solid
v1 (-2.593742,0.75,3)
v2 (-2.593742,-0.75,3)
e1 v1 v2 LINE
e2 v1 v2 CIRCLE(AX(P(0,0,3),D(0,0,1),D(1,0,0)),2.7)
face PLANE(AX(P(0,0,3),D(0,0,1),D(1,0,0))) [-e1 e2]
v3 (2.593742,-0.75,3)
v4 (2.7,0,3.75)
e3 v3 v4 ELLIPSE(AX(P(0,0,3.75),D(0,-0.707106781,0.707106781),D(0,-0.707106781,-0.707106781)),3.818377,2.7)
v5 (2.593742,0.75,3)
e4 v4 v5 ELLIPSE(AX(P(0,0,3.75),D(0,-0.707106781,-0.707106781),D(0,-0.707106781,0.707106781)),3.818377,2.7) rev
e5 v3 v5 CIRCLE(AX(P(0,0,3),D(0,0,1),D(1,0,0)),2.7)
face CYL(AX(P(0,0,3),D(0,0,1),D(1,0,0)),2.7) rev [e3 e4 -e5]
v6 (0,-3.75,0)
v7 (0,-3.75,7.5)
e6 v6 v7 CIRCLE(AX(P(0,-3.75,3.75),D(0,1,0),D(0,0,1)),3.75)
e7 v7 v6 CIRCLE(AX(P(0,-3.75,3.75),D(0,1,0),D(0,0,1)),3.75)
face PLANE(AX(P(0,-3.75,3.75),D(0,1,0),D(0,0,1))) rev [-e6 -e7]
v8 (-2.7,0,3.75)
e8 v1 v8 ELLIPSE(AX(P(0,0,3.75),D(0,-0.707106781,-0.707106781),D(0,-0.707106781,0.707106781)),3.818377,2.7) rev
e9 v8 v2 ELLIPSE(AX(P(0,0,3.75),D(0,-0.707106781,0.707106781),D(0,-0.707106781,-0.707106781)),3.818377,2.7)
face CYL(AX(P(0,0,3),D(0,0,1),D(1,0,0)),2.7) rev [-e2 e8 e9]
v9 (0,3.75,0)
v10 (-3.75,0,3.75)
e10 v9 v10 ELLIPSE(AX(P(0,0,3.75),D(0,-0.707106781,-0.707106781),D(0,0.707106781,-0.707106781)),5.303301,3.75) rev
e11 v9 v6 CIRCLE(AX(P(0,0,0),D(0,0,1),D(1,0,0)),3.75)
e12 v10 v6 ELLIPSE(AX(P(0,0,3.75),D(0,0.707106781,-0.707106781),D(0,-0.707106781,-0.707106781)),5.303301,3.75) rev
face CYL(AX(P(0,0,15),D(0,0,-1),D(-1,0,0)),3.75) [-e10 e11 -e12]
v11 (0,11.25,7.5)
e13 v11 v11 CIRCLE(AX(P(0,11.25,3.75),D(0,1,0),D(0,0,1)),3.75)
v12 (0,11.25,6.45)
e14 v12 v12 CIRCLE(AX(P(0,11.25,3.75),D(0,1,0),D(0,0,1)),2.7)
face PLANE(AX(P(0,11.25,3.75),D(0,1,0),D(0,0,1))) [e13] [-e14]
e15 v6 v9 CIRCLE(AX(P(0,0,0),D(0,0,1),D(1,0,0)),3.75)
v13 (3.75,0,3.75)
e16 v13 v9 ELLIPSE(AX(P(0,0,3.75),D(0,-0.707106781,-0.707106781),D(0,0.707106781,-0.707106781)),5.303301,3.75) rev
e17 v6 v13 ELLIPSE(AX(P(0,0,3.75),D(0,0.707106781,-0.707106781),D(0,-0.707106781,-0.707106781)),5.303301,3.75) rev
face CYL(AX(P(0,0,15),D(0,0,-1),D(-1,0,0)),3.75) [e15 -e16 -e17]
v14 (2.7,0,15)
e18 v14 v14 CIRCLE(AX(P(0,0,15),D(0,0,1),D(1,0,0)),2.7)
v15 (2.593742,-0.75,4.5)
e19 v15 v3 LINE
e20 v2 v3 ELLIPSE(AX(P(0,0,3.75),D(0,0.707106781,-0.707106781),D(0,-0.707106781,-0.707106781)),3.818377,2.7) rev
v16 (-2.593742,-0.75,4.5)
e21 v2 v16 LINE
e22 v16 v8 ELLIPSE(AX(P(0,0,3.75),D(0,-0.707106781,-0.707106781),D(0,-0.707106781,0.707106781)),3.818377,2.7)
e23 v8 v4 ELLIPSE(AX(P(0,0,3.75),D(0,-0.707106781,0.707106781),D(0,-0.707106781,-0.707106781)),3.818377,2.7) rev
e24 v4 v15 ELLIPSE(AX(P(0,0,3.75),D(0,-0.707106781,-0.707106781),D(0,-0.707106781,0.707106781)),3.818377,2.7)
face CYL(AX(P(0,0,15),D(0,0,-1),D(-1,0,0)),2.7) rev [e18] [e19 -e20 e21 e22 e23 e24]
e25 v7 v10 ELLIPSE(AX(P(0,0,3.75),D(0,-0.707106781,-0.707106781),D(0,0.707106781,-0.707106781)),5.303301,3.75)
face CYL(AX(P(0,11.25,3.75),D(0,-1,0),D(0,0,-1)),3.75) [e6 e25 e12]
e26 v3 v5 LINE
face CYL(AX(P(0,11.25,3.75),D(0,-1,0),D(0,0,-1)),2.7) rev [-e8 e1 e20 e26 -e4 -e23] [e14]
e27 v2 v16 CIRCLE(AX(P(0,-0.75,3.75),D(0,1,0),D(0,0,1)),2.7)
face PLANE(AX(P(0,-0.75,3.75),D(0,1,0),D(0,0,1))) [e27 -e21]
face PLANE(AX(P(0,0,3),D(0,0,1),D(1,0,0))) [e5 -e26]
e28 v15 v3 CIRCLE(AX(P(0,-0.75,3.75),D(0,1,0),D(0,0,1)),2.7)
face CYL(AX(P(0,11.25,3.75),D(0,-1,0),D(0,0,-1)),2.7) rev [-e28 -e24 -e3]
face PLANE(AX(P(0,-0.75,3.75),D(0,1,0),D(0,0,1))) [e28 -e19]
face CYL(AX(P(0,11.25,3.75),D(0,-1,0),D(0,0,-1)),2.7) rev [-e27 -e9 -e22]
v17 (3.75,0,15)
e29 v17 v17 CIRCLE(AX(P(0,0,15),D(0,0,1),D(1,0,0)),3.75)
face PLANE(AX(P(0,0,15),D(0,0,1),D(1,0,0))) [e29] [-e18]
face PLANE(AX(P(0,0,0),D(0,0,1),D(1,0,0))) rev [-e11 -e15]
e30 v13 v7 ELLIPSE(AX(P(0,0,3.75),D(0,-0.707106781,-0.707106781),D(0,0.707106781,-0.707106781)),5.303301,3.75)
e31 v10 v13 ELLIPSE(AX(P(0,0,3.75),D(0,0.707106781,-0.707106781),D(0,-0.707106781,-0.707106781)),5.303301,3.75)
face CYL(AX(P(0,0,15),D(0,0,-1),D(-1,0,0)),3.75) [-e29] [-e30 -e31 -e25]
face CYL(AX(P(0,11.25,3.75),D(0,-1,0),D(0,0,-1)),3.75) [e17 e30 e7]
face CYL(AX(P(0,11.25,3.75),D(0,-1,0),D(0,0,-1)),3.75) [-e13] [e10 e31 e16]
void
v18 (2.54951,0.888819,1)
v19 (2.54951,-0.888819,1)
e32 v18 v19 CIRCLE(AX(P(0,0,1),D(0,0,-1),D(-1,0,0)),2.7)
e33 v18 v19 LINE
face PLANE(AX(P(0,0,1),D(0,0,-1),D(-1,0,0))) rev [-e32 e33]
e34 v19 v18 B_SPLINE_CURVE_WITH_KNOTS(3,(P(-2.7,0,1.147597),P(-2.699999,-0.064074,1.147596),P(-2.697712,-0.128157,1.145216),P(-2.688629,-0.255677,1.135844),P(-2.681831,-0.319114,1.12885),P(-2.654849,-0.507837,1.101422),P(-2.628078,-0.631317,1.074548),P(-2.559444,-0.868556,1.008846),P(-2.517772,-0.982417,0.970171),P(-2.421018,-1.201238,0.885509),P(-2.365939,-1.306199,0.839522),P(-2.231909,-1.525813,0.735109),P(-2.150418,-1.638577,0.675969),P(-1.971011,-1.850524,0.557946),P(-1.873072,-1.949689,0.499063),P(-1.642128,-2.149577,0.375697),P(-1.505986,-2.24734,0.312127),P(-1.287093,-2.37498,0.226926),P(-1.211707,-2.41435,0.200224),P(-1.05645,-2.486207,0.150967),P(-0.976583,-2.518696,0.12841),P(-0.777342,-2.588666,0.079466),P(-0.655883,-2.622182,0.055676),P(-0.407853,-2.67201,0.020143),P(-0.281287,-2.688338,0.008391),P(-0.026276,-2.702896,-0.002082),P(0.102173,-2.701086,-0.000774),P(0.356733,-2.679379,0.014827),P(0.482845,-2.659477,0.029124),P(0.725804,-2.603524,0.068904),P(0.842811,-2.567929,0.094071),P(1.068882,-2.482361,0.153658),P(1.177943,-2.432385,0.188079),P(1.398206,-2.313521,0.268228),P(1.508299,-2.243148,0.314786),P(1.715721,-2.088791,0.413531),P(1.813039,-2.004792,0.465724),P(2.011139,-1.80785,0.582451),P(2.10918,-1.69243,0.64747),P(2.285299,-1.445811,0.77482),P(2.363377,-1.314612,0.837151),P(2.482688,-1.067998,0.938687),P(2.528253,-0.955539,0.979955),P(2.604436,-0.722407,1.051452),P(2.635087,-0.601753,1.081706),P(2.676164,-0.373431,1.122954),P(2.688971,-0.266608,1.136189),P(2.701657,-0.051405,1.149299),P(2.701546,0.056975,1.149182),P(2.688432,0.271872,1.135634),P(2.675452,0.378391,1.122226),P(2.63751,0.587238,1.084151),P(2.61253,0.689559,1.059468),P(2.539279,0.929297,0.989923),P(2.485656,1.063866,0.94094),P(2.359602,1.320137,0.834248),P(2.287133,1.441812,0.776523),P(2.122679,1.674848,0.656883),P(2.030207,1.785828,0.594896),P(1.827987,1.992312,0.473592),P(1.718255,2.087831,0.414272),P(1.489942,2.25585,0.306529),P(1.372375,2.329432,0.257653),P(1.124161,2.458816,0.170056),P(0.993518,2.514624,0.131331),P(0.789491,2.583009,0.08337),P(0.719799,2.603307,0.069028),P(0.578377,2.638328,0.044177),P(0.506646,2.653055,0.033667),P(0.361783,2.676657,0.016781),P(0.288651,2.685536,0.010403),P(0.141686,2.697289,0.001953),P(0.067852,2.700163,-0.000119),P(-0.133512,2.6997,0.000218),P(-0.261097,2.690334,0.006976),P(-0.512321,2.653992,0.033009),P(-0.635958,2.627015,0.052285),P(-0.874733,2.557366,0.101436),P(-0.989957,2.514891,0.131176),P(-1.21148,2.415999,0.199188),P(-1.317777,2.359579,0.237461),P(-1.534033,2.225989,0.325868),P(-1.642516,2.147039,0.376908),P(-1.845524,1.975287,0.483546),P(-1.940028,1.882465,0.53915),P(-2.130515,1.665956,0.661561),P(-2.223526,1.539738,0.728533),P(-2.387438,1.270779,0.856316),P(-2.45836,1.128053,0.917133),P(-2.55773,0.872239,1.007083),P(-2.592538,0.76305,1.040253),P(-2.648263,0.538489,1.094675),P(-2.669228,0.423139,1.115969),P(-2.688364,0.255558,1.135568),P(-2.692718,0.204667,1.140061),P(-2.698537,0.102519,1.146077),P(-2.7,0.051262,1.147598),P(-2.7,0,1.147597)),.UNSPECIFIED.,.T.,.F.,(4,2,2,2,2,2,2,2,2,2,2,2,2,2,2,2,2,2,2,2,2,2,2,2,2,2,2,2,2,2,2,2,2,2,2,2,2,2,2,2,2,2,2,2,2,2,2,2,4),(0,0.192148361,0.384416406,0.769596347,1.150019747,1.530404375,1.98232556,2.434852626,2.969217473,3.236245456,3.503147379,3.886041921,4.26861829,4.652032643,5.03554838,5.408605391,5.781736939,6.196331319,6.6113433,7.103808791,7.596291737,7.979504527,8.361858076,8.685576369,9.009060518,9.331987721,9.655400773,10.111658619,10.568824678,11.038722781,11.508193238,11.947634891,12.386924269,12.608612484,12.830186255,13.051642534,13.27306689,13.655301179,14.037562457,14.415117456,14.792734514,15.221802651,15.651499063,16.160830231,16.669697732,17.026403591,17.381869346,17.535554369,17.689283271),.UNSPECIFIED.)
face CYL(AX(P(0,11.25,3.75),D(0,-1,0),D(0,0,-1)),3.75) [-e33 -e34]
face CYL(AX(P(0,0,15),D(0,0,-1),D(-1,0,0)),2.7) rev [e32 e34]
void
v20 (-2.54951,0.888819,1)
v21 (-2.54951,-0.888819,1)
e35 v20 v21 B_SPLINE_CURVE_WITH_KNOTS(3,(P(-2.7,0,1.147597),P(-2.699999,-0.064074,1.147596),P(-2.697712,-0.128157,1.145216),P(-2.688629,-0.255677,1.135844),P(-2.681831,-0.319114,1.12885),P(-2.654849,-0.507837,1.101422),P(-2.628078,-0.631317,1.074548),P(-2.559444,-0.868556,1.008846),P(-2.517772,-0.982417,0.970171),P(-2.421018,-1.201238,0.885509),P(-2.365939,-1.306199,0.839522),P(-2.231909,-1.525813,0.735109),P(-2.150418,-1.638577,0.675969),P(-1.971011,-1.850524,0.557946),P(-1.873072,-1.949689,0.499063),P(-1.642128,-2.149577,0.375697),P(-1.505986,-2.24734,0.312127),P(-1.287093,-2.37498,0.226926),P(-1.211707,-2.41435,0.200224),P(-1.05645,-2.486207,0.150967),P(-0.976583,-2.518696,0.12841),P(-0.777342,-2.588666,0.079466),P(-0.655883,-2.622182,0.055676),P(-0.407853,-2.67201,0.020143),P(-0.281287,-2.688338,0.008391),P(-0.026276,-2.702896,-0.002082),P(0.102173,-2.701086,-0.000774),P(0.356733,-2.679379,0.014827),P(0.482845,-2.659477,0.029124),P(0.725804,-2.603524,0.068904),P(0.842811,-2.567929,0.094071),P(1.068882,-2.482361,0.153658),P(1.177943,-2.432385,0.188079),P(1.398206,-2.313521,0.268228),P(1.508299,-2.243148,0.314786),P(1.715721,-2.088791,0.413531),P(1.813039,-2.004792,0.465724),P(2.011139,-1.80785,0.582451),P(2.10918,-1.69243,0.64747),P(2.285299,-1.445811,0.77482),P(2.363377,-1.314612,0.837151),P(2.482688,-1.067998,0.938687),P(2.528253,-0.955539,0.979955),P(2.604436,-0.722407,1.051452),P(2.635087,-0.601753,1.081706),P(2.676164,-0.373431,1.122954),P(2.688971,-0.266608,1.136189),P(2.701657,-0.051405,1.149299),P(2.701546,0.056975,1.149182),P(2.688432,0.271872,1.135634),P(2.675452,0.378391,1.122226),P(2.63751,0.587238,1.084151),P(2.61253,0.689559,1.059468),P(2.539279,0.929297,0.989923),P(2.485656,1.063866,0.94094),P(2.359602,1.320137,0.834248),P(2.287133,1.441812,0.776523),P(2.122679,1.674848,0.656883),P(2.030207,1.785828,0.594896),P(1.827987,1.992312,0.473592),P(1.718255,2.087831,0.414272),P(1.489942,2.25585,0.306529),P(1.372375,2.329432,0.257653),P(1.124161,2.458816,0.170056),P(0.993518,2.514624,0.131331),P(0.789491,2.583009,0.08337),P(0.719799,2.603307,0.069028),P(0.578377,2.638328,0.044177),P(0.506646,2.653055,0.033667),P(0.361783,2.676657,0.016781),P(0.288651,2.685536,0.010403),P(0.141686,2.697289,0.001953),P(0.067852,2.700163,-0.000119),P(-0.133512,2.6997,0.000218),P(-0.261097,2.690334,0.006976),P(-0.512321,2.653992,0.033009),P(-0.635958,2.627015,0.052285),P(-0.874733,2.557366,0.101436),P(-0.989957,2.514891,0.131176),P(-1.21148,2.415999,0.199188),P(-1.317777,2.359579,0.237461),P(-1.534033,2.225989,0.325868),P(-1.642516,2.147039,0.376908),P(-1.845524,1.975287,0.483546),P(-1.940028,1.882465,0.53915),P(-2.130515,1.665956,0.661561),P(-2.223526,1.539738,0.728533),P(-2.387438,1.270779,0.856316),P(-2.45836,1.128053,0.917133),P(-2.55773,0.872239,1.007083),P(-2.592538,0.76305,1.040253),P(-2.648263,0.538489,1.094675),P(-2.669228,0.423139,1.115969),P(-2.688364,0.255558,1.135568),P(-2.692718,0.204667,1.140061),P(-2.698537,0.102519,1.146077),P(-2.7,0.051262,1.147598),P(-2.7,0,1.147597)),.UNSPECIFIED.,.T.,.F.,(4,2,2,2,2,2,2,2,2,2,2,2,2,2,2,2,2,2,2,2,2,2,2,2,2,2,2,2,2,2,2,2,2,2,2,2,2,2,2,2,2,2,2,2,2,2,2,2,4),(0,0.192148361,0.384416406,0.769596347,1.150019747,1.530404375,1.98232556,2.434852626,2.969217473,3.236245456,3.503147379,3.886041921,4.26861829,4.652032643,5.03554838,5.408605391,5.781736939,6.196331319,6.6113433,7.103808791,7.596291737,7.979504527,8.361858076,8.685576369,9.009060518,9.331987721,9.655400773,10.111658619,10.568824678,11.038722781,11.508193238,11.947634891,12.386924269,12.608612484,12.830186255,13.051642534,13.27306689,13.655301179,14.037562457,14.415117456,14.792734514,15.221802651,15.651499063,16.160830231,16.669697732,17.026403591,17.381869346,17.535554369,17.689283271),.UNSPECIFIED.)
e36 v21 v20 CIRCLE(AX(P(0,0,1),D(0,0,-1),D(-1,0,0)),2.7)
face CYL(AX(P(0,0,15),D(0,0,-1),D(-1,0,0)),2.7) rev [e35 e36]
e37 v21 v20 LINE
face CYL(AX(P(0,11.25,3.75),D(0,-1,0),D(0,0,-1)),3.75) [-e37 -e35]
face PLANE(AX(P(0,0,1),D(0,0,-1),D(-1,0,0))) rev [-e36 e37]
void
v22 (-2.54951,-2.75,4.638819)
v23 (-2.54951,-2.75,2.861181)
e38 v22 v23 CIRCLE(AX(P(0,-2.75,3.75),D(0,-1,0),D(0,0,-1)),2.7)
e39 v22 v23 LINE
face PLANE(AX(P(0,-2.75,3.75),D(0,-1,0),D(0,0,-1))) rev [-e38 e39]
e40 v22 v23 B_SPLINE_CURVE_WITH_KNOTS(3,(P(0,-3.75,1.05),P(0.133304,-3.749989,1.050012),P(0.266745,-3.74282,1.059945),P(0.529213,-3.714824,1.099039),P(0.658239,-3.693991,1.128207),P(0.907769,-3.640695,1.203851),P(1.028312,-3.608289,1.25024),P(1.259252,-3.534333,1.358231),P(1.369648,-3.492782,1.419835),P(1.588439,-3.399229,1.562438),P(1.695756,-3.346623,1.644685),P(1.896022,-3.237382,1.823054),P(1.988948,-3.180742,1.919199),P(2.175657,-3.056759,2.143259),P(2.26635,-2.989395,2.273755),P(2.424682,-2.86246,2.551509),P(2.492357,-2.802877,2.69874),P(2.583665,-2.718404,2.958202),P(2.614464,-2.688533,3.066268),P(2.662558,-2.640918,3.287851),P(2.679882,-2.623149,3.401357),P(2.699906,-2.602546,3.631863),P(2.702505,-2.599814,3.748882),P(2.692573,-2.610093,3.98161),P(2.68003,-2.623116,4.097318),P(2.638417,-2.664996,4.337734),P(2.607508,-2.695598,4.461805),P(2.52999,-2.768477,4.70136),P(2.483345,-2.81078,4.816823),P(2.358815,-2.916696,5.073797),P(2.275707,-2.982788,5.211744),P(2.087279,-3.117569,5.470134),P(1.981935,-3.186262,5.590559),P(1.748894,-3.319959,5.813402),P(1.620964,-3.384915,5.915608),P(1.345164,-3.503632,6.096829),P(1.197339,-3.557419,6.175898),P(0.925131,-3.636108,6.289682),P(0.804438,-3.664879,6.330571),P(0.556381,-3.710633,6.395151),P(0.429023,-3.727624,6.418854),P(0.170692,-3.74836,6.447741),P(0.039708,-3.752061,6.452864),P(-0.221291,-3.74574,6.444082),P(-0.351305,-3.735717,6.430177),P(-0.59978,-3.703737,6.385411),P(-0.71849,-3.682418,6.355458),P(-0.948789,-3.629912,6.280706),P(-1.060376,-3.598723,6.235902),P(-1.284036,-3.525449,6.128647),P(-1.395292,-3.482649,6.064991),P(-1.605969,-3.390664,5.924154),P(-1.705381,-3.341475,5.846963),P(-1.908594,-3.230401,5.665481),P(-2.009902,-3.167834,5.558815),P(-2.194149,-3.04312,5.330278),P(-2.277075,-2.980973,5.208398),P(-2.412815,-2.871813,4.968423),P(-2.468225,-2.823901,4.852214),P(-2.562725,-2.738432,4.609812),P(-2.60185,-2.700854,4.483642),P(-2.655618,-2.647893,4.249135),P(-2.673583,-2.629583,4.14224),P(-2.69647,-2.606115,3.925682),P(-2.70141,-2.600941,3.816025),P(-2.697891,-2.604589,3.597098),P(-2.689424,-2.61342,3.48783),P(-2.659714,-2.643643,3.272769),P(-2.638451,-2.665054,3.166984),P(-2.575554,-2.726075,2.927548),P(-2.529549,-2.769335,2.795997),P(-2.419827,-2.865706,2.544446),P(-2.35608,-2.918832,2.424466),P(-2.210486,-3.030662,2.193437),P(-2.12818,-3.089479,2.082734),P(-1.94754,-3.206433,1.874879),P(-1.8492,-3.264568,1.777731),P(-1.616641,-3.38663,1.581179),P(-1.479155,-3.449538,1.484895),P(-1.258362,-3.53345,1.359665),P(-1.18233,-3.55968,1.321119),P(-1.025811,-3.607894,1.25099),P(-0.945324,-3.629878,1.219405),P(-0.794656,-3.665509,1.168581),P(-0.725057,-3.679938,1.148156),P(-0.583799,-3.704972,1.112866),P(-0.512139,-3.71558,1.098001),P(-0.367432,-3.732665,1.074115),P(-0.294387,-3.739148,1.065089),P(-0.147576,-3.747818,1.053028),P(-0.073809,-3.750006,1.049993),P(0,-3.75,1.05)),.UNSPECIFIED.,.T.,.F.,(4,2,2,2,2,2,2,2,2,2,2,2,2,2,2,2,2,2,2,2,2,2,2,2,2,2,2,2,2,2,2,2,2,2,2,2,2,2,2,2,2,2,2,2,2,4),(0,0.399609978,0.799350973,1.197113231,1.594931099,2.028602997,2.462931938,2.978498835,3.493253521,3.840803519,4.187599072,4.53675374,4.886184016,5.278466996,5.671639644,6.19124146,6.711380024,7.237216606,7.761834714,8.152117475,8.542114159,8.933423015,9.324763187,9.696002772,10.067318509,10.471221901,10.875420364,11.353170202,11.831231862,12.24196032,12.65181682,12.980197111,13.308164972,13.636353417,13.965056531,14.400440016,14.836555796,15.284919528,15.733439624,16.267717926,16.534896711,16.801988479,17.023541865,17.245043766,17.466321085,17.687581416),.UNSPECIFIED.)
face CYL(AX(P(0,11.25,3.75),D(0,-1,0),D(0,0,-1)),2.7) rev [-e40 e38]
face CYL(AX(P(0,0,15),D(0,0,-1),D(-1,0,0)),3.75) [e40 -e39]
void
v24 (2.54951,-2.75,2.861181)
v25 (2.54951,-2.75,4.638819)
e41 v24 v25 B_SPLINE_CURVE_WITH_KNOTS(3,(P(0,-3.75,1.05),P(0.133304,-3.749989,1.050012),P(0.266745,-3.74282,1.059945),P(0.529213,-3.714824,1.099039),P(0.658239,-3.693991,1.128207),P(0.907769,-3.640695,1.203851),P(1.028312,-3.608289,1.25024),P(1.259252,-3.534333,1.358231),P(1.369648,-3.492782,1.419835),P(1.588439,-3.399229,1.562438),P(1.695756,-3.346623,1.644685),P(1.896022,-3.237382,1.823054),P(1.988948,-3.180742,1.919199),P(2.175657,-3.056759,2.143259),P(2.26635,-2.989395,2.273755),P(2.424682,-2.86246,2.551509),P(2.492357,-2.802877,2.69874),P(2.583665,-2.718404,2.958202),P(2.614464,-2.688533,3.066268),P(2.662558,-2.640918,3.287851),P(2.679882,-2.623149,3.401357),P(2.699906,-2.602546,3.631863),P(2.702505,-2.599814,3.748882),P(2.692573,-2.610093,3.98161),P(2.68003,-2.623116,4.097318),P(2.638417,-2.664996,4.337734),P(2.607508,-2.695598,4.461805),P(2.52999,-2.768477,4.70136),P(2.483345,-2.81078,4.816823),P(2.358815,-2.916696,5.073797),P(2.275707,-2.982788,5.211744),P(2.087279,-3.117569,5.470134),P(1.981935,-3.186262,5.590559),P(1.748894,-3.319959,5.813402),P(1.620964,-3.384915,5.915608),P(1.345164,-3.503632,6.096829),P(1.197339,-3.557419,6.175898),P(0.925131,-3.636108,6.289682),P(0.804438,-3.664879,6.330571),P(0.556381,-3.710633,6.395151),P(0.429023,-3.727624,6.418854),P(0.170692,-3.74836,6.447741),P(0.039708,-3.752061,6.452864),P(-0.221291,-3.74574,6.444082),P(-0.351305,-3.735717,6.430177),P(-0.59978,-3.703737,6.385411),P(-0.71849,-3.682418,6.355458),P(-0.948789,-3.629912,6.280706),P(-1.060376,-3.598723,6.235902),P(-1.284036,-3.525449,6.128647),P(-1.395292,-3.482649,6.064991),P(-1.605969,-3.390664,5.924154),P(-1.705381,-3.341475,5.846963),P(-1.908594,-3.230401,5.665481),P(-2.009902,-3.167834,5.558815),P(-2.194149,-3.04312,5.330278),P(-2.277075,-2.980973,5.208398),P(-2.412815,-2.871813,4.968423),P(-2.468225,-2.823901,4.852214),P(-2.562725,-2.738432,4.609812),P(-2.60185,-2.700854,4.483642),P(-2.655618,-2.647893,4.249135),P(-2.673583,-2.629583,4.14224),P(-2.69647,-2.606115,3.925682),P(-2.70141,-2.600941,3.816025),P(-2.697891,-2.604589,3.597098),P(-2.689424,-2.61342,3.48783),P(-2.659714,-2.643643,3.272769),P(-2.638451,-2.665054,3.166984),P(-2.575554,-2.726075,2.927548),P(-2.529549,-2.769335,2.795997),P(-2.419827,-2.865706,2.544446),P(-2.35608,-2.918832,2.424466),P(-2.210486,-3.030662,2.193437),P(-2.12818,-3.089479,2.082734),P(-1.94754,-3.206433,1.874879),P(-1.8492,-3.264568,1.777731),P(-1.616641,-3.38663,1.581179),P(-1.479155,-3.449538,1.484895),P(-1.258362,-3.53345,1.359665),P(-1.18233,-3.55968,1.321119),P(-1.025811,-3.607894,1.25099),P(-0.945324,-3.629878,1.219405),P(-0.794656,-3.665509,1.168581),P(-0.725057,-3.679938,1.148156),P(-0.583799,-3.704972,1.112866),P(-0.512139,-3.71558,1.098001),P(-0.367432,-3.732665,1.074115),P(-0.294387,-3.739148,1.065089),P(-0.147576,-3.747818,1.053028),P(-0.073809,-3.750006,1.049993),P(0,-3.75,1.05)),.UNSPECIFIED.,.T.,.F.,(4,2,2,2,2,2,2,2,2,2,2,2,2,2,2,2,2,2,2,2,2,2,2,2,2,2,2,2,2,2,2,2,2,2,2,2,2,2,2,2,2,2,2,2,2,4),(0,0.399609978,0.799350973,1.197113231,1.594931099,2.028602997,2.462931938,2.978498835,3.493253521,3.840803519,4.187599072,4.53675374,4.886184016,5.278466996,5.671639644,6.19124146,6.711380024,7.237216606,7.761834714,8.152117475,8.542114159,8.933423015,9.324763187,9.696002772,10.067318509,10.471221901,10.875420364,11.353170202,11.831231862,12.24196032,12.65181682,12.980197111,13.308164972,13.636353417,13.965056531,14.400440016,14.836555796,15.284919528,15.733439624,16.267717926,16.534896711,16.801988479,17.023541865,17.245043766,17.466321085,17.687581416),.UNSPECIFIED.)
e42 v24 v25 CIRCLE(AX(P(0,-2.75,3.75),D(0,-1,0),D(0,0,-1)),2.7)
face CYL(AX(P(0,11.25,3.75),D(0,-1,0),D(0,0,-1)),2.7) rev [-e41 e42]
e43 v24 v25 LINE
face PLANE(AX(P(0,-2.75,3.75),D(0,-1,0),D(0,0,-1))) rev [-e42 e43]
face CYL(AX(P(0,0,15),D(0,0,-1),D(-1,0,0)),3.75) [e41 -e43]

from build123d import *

# Parameters (mm, degrees)
SKETCH1_R            = 3.75
SKETCH1_R_2          = 2.7
BOSS_EXTRUDE1_DEPTH  = 15
BOSS_EXTRUDE7_START  = -3.75
SKETCH4_R            = 3.75
SKETCH4_R_2          = 2.7
BOSS_EXTRUDE7_DEPTH  = 15
SKETCH5_R            = 2.7
CUT_EXTRUDE1_DEPTH   = 15
SKETCH9_R            = 2.7
BOSS_EXTRUDE11_DEPTH = 1
SKETCH10_R           = 2.7
BOSS_EXTRUDE12_DEPTH = 1
CUT_EXTRUDE10_START  = -12
SKETCH11_R           = 2.7
CUT_EXTRUDE10_DEPTH  = 12
CUT_EXTRUDE11_START  = -12
SKETCH13_R           = 2.7
CUT_EXTRUDE11_DEPTH  = 12
CUT_EXTRUDE2_START   = 3.75
SKETCH6_R            = 2.7
CUT_EXTRUDE2_DEPTH   = 15
SKETCH8_R            = 2.7
BOSS_EXTRUDE9_DEPTH  = 1


with BuildPart() as part:
    # Sketch1 → Boss-Extrude1 (new body)
    with BuildSketch(Plane.XY):
        Circle(SKETCH1_R)
        Circle(SKETCH1_R_2, mode=Mode.SUBTRACT)
    extrude(amount=BOSS_EXTRUDE1_DEPTH)

    # Sketch4 → Boss-Extrude7 (add)
    with BuildSketch(Plane(origin=(0, 0, 0), x_dir=(1, 0, 0), z_dir=(0, 1, 0)).offset(BOSS_EXTRUDE7_START)):
        with Locations(Location((0, -3.75, 0), (0, 0, 90))):
            Circle(SKETCH4_R)
        with Locations(Location((0, -3.75, 0), (0, 0, 90))):
            Circle(SKETCH4_R_2, mode=Mode.SUBTRACT)
    extrude(amount=BOSS_EXTRUDE7_DEPTH)

    # Sketch5 → Cut-Extrude1 (cut)
    with BuildSketch(Plane(origin=(0, 0, 0), x_dir=(1, 0, 0), z_dir=(0, 1, 0))):
        with Locations((0, -3.75)):
            Circle(SKETCH5_R)
    extrude(amount=CUT_EXTRUDE1_DEPTH, mode=Mode.SUBTRACT)

    # Sketch9 → Boss-Extrude11 (add)
    with BuildSketch(Plane.XZ.offset(3.75)):
        with Locations((0, 3.75)):
            Circle(SKETCH9_R)
    extrude(amount=-BOSS_EXTRUDE11_DEPTH)

    # Sketch10 → Boss-Extrude12 (add)
    with BuildSketch(Plane(origin=(0, 0, 0), x_dir=(-1, 0, 0), z_dir=(0, 0, -1))):
        Circle(SKETCH10_R)
    extrude(amount=-BOSS_EXTRUDE12_DEPTH)

    # Sketch11 → Cut-Extrude10 (cut)
    with BuildSketch(Plane(origin=(0, 11.25, 0), x_dir=(1, 0, 0), z_dir=(0, 1, 0)).offset(CUT_EXTRUDE10_START)):
        with Locations(Location((0, -3.75, 0), (0, 0, 163.872379787))):
            Circle(SKETCH11_R)
    extrude(amount=CUT_EXTRUDE10_DEPTH, mode=Mode.SUBTRACT)

    # Sketch13 → Cut-Extrude11 (cut)
    with BuildSketch(Plane.XY.offset(15).offset(CUT_EXTRUDE11_START)):
        Circle(SKETCH13_R)
    extrude(amount=CUT_EXTRUDE11_DEPTH, mode=Mode.SUBTRACT)

    # Sketch6 → Cut-Extrude2 (cut)
    with BuildSketch(Plane.XY.offset(CUT_EXTRUDE2_START)):
        Circle(SKETCH6_R)
    extrude(amount=CUT_EXTRUDE2_DEPTH, mode=Mode.SUBTRACT)

    # Sketch8 → Boss-Extrude9 (add)
    with BuildSketch(Plane(origin=(0, 0, 0), x_dir=(-1, 0, 0), z_dir=(0, 0, -1))):
        with Locations(Location((0, 0, 0), (0, 0, 180))):
            Circle(SKETCH8_R)
    extrude(amount=-BOSS_EXTRUDE9_DEPTH)


solid = part.part
